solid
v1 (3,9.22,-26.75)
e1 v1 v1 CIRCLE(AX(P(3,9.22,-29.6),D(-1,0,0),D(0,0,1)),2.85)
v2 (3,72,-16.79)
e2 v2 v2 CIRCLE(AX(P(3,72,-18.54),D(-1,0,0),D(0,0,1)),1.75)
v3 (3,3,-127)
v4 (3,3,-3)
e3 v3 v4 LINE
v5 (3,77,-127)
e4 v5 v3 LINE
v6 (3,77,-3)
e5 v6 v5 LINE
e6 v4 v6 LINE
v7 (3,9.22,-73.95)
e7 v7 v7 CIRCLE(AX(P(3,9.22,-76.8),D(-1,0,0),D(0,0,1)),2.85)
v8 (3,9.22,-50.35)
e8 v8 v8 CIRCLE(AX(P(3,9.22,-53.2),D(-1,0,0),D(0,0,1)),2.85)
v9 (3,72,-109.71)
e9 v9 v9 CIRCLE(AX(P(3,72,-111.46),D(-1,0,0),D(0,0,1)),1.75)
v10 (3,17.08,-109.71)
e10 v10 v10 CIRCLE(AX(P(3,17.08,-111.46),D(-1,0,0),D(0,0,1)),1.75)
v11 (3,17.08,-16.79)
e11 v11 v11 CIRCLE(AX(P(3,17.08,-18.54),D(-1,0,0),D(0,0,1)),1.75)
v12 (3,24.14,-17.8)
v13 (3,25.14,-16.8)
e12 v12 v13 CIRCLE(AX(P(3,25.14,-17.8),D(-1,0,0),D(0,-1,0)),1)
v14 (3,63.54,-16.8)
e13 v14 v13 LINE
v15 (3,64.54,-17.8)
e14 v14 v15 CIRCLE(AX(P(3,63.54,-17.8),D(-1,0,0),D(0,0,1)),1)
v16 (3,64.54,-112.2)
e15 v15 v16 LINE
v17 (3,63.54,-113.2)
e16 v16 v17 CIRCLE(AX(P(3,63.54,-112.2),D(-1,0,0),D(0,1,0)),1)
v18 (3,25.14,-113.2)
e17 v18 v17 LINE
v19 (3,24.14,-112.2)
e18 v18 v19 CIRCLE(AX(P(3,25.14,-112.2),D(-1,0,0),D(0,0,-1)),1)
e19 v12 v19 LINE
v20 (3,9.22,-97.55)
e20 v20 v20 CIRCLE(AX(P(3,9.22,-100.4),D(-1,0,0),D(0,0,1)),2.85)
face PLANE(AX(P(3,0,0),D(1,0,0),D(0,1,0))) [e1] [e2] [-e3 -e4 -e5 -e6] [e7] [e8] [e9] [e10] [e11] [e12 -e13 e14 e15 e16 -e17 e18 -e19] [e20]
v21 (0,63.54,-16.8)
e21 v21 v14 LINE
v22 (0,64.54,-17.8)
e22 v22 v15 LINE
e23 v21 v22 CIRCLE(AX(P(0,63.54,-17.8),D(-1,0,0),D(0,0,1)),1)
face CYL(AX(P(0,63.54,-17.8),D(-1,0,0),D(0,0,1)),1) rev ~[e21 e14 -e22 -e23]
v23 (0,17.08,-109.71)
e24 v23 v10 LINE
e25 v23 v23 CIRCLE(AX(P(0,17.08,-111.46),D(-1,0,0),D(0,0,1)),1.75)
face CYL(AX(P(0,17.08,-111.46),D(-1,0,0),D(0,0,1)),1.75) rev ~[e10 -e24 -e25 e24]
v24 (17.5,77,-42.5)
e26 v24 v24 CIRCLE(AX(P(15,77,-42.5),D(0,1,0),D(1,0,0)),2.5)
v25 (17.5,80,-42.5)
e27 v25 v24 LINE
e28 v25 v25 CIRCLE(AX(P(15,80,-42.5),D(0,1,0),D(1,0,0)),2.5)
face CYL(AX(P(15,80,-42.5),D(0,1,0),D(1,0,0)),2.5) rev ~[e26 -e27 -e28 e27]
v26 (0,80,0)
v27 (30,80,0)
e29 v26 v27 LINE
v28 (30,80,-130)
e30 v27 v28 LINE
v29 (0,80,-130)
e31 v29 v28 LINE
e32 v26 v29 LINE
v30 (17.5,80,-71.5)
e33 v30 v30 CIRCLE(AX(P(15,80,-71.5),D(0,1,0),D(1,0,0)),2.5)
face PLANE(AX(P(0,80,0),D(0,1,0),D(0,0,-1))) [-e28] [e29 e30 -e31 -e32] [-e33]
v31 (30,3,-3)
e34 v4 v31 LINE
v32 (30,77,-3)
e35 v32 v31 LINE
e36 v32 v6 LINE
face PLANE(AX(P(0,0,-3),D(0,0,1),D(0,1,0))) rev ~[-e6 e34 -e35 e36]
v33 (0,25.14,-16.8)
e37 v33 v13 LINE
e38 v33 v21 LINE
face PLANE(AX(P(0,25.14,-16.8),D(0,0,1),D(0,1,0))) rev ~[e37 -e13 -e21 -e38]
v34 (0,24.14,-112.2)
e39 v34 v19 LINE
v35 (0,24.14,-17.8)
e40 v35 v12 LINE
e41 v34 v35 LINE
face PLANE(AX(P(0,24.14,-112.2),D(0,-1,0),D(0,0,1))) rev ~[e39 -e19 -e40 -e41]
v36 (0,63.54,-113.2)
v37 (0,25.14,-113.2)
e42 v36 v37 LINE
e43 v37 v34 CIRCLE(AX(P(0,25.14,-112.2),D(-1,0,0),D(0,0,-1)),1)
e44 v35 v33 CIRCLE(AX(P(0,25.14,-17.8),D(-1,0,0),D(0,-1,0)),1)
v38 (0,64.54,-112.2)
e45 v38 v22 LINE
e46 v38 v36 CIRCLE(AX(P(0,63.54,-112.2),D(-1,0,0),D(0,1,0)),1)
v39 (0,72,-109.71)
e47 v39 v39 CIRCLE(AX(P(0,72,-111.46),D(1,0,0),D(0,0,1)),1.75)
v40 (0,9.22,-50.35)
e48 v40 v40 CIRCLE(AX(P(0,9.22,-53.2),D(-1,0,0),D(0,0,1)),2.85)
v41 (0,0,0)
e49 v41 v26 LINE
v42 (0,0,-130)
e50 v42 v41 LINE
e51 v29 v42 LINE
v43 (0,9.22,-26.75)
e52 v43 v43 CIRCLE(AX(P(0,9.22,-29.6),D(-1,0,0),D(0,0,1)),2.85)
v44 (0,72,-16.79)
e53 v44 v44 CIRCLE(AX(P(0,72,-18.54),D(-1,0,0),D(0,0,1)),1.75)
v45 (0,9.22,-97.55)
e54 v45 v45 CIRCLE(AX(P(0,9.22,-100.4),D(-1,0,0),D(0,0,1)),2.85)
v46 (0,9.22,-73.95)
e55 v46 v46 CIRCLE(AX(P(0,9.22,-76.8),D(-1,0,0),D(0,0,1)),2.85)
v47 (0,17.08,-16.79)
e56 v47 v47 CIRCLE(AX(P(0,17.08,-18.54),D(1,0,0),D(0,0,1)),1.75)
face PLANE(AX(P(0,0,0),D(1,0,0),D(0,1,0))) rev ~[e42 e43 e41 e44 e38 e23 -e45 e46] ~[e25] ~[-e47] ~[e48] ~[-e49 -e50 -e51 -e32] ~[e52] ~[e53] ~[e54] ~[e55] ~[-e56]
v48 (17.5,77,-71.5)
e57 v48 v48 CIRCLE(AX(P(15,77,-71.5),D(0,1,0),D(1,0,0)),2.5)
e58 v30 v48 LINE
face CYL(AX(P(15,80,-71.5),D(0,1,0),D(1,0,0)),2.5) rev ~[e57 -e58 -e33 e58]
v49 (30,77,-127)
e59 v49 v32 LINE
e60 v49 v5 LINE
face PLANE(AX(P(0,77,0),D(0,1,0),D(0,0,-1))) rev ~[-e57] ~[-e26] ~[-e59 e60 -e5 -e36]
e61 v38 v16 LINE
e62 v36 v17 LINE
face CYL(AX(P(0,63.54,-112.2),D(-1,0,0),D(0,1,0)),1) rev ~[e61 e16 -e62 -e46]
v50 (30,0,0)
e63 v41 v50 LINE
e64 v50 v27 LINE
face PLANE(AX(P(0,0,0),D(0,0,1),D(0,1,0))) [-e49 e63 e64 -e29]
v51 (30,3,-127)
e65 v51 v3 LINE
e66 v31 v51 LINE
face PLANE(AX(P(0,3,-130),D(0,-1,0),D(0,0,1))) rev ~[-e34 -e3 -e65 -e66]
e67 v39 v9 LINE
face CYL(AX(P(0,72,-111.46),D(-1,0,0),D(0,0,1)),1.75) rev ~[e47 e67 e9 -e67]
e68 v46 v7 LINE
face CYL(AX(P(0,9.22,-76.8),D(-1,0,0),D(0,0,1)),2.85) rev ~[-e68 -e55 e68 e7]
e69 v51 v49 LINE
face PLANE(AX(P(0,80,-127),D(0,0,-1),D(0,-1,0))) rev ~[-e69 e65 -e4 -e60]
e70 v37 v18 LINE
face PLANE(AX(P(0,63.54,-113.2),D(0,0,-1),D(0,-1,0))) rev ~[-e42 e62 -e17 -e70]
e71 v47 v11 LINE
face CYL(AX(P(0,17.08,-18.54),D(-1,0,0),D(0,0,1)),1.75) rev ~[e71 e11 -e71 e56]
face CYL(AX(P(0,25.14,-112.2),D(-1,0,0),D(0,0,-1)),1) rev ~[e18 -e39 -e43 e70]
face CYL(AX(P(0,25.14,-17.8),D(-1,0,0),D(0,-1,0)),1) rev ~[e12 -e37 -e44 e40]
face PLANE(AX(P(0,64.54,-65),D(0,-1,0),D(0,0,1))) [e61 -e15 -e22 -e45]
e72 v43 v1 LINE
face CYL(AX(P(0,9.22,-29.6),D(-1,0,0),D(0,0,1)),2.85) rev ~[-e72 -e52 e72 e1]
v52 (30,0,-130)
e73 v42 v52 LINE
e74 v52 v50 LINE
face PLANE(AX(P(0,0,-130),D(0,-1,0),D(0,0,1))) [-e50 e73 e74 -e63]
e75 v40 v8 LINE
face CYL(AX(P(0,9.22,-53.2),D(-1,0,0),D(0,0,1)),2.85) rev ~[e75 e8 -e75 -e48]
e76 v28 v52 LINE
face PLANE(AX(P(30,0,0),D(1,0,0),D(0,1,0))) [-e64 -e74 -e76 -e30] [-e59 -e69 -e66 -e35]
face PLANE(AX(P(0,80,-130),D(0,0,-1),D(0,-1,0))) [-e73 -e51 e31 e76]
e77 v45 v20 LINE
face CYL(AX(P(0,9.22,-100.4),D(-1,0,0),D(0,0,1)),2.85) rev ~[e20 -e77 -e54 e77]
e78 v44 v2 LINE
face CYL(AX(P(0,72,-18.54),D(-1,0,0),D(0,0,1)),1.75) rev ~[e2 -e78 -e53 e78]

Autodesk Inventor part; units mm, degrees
ref_plane "YZ Plane" through (0, 0, 0) normal (1, 0, 0) x (0, 1, 0)
ref_plane "XZ Plane" through (0, 0, 0) normal (0, 1, 0) x (-1, 0, 0)
ref_plane "XY Plane" through (0, 0, 0) normal (0, 0, 1) x (1, 0, 0)
sketch "Sketch1" plane through (0, 0, 0) normal (1, 0, 0) x (0, 1, 0)
  line L0 (0, 0) -> (80, 0)
  line L1 (80, 0) -> (80, -130)
  line L2 (80, -130) -> (0, -130)
  line L3 (0, -130) -> (0, 0)
  dimension "d0" = 130
  dimension "d1" = 80
extrude "Extrusion1" add sketch "Sketch1" along normal blind 30
shell "Shell1" thickness 3 removed faces 1 at (30, 53.3333, -43.3333)
sketch "Sketch2" plane through (0, 0, 0) normal (-1, 0, 0) x (0, 0, 1)
  line L0 (-127, 77) -> (-3, 77) projected
  line L1 (-127, 3) -> (-3, 3) projected
  line L2 (-127, 77) -> (-3, 77)
  line L3 (-3, 77) -> (-3, 3)
  line L4 (-3, 3) -> (-127, 3)
  line L5 (-127, 3) -> (-127, 77)
  line L6 (-65, 77) -> (-65, 41.725)
  line L7 (-127, 77) -> (-122, 77)
  line L8 (-122, 77) -> (-122, 72)
  line L9 (-122, 72) -> (-127, 72)
  line L10 (-127, 72) -> (-127, 77)
  line L11 (-3, 77) -> (-8, 77)
  line L12 (-8, 77) -> (-8, 72)
  line L13 (-8, 72) -> (-3, 72)
  line L14 (-3, 72) -> (-3, 77)
  circle A0 centre (-18.54, 72) radius 1.75
  circle A1 centre (-111.46, 72) radius 1.75
  line L15 (-111.46, 17.08) -> (-18.54, 17.08)
  circle A2 centre (-111.46, 17.08) radius 1.75
  circle A3 centre (-18.54, 17.08) radius 1.75
  line L16 (-111.46, 72) -> (-111.46, 64.54)
  line L17 (-65, 64.54) -> (-16.8, 64.54)
  line L18 (-17.8, 64.54) -> (-112.2, 64.54)
  line L19 (-113.2, 63.54) -> (-113.2, 25.14)
  line L20 (-112.2, 24.14) -> (-17.8, 24.14)
  line L21 (-16.8, 25.14) -> (-16.8, 63.54)
  arc A4 (-112.2, 64.54) -> (-113.2, 63.54) centre (-112.2, 63.54) ccw
  arc A5 (-113.2, 25.14) -> (-112.2, 24.14) centre (-112.2, 25.14) ccw
  arc A6 (-17.8, 24.14) -> (-16.8, 25.14) centre (-17.8, 25.14) ccw
  arc A7 (-16.8, 63.54) -> (-17.8, 64.54) centre (-17.8, 63.54) ccw
  point P0 (0, 0)
  point P1 (-113.2, 64.54)
  point P2 (-113.2, 24.14)
  dimension "d5" = 5
  dimension "d6" = 5
  dimension "d7" = 5
  dimension "d8" = 5
  dimension "d11" = 3.5
  dimension "d12" = 3.5
  dimension "d13" = 54.92
  dimension "d14" = 3.5
  dimension "d15" = 3.5
  dimension "d16" = 7.46
  dimension "d18" = 92.92
  dimension "d19" = 48.2
  dimension "d20" = 96.4
  dimension "d21" = 40.4
  dimension "d22" = 1
extrude "Extrusion2" cut sketch "Sketch2" against normal blind 30 contours A1 | L17 A7 L21 A6 L20 A5 L19 A4 L18 | A0 | A3 | A2
sketch "Sketch3" plane through (0, 0, 0) normal (-1, 0, 0) x (0, 0, 1)
  line L0 (-17.8, 24.14) -> (-112.2, 24.14) projected
  line L1 (-65, 24.14) -> (-65, 0)
  line L2 (0, 0) -> (-130, 0) projected
  line L3 (-65, 9.22) -> (-65, 12.07)
  line L4 (-65, 10.645) -> (-64.0682, 10.645)
  circle A0 centre (-53.2, 9.22) radius 2.85
  circle A1 centre (-29.6, 9.22) radius 2.85
  circle A2 centre (-76.8, 9.22) radius 2.85
  circle A3 centre (-100.4, 9.22) radius 2.85
  line L5 (-65, 12.07) -> (-65, 9.22)
  point P0 (-88.6, 12.07)
  point P1 (-88.6, 9.22)
extrude "Extrusion3" cut sketch "Sketch3" against normal blind 30
sketch "Sketch4" plane through (0, 80, 0) normal (0, 1, 0) x (1, 0, 0)
  line L0 (0, 130) -> (30, 130) projected
  circle A0 centre (15, 71.5) radius 2.5
  circle A1 centre (15, 42.5) radius 2.5
  point P0 (0, 0)
  dimension "d30" = 5
extrude "Extrusion4" cut sketch "Sketch4" against normal blind 4
properties part number "cover lcd"
